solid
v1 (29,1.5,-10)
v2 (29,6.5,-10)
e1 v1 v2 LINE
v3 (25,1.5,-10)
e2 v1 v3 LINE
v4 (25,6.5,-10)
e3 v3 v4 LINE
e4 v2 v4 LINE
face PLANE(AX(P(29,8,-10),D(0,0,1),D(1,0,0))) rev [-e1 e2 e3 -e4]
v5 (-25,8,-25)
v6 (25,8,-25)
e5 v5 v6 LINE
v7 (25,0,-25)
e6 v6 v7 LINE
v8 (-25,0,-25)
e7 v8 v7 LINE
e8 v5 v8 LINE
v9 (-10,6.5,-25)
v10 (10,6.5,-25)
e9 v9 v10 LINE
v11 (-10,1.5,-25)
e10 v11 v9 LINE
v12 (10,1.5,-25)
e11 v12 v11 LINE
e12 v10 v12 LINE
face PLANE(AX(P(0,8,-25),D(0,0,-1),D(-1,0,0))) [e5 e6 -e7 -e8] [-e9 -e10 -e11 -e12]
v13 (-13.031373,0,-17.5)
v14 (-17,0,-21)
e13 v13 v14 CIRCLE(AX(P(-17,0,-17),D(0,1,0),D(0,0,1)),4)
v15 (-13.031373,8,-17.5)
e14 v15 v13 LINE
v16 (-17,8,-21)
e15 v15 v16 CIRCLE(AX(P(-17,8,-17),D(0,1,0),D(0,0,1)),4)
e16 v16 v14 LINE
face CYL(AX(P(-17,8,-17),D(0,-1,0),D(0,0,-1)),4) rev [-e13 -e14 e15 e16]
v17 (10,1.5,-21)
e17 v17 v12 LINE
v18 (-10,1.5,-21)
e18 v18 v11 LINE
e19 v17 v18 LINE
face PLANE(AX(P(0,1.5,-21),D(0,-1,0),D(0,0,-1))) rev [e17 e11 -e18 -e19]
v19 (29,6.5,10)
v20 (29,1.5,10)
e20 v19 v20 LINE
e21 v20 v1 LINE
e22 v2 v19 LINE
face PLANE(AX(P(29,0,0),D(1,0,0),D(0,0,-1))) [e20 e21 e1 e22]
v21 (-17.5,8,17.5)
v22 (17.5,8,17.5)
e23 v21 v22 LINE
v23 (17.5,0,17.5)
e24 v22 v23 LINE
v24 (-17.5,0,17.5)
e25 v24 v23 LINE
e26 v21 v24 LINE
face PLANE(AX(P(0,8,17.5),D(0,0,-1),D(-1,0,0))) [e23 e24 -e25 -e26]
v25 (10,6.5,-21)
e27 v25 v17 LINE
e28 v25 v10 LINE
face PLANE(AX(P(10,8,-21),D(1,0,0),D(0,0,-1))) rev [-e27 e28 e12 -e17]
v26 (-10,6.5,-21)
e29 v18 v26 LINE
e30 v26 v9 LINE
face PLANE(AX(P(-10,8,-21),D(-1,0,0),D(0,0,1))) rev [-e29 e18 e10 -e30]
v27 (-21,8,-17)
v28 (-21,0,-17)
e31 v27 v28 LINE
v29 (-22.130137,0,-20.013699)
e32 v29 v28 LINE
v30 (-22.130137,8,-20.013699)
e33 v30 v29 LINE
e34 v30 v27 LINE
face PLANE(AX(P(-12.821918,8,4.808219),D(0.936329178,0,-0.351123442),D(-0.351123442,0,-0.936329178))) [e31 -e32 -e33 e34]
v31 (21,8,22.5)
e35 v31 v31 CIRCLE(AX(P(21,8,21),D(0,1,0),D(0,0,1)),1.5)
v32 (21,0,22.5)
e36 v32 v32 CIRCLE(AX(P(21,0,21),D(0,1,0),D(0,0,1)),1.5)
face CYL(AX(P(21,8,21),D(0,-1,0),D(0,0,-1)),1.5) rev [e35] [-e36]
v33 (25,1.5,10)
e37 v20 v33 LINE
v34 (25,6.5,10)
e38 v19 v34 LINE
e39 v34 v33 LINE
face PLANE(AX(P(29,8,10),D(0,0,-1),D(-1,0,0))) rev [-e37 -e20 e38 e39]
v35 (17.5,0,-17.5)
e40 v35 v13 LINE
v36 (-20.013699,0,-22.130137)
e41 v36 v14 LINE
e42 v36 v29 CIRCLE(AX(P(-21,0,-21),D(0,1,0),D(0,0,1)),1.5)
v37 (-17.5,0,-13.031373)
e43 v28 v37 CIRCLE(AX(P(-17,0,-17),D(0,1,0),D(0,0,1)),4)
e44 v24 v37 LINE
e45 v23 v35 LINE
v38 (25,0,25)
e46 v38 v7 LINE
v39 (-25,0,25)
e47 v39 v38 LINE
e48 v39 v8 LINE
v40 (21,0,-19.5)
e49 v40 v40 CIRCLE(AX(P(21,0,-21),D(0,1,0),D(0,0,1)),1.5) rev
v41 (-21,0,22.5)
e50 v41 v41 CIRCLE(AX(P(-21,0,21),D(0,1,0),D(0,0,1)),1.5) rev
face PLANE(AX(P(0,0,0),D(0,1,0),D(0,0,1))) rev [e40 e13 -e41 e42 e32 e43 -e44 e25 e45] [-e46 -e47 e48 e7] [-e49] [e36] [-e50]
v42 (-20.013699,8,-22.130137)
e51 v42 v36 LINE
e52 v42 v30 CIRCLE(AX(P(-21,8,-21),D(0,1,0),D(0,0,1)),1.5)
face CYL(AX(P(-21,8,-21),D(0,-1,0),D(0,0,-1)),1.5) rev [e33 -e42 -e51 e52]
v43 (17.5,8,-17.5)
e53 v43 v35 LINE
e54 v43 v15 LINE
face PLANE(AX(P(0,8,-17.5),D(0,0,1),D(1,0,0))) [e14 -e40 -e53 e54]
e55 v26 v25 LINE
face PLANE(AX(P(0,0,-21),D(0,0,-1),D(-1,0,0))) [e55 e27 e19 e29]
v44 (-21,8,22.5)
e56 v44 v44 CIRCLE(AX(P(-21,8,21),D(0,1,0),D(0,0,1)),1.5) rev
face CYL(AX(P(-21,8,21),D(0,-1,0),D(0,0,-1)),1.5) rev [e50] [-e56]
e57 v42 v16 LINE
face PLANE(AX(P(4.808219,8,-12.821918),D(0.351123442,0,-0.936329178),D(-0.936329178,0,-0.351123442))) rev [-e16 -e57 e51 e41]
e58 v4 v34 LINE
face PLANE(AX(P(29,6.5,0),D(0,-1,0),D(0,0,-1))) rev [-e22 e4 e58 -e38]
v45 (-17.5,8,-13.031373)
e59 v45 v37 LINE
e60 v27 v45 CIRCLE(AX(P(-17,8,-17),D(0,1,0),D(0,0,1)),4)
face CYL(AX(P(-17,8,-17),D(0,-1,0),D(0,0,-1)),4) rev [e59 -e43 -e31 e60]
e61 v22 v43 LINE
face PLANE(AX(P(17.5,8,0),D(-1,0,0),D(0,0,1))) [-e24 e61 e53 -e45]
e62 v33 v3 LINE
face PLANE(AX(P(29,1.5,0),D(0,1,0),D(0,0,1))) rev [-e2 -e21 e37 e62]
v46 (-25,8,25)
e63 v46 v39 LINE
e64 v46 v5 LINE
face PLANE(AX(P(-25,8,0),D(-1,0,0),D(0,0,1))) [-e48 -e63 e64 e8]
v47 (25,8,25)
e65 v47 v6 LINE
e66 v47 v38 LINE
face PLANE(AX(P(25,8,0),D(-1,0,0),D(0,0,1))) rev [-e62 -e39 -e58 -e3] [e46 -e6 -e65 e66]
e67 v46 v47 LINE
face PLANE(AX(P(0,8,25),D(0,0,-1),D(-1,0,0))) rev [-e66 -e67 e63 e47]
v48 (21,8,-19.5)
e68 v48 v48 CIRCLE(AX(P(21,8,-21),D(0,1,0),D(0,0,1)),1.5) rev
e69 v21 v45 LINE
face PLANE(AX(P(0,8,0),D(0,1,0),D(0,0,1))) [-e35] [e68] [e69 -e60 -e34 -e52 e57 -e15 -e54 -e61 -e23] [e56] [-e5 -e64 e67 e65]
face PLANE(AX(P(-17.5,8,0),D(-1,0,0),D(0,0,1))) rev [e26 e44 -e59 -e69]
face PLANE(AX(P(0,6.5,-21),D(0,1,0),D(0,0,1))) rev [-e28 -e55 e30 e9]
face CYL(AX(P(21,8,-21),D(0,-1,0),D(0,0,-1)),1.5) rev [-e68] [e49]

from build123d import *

# Parameters (mm, degrees)
SKETCH1_W        = 50
SKETCH1_H        = 50
SKETCH1_R        = 1.5
SUPPORT_DEPTH    = 8
NORTH_START      = -25
SKETCH2_W        = 20
SKETCH2_H        = 5
NORTH_CUT_DEPTH  = 4
EAST_START       = 25
SKETCH3_W        = 20
SKETCH3_H        = 5
EAST_DOWEL_DEPTH = 4


with BuildPart() as part:
    # Sketch1 → Support (new body)
    with BuildSketch(Plane(origin=(0, 0, 0), x_dir=(1, 0, 0), z_dir=(0, 1, 0))):
        Rectangle(SKETCH1_W, SKETCH1_H)
        with Locations(Location((-21, -21, 0), (0, 0, 270))):
            Circle(SKETCH1_R, mode=Mode.SUBTRACT)
        with Locations(Location((21, -21, 0), (0, 0, 270))):
            Circle(SKETCH1_R, mode=Mode.SUBTRACT)
        with BuildLine():
            Line((-13.031373033, 17.5), (17.5, 17.5))
            Line((17.5, 17.5), (17.5, -17.5))
            Line((17.5, -17.5), (-17.5, -17.5))
            Line((-17.5, -17.5), (-17.5, 13.031373033))
            ThreePointArc((-17.5, 13.031373033), (-20, 14.354248689), (-21, 17))
            Line((-21, 17), (-22.130136986, 20.01369863))
            ThreePointArc((-22.130136986, 20.01369863), (-22.060660172, 22.060660172), (-20.01369863, 22.130136986))
            Line((-20.01369863, 22.130136986), (-17, 21))
            ThreePointArc((-17, 21), (-14.354248689, 20), (-13.031373033, 17.5))
        make_face(mode=Mode.SUBTRACT)
        with Locations(Location((21, 21, 0), (0, 0, 270))):
            Circle(SKETCH1_R, mode=Mode.SUBTRACT)
    extrude(amount=SUPPORT_DEPTH)

    # Sketch2 → North Cut (cut)
    with BuildSketch(Plane.XY.offset(NORTH_START)):
        with Locations((0, 4)):
            Rectangle(SKETCH2_W, SKETCH2_H)
    extrude(amount=NORTH_CUT_DEPTH, mode=Mode.SUBTRACT)

    # Sketch3 → East Dowel (add)
    with BuildSketch(Plane(origin=(0, 0, 0), x_dir=(0, 0, -1), z_dir=(1, 0, 0)).offset(EAST_START)):
        with Locations((0, 4)):
            Rectangle(SKETCH3_W, SKETCH3_H)
    extrude(amount=EAST_DOWEL_DEPTH)


solid = part.part
